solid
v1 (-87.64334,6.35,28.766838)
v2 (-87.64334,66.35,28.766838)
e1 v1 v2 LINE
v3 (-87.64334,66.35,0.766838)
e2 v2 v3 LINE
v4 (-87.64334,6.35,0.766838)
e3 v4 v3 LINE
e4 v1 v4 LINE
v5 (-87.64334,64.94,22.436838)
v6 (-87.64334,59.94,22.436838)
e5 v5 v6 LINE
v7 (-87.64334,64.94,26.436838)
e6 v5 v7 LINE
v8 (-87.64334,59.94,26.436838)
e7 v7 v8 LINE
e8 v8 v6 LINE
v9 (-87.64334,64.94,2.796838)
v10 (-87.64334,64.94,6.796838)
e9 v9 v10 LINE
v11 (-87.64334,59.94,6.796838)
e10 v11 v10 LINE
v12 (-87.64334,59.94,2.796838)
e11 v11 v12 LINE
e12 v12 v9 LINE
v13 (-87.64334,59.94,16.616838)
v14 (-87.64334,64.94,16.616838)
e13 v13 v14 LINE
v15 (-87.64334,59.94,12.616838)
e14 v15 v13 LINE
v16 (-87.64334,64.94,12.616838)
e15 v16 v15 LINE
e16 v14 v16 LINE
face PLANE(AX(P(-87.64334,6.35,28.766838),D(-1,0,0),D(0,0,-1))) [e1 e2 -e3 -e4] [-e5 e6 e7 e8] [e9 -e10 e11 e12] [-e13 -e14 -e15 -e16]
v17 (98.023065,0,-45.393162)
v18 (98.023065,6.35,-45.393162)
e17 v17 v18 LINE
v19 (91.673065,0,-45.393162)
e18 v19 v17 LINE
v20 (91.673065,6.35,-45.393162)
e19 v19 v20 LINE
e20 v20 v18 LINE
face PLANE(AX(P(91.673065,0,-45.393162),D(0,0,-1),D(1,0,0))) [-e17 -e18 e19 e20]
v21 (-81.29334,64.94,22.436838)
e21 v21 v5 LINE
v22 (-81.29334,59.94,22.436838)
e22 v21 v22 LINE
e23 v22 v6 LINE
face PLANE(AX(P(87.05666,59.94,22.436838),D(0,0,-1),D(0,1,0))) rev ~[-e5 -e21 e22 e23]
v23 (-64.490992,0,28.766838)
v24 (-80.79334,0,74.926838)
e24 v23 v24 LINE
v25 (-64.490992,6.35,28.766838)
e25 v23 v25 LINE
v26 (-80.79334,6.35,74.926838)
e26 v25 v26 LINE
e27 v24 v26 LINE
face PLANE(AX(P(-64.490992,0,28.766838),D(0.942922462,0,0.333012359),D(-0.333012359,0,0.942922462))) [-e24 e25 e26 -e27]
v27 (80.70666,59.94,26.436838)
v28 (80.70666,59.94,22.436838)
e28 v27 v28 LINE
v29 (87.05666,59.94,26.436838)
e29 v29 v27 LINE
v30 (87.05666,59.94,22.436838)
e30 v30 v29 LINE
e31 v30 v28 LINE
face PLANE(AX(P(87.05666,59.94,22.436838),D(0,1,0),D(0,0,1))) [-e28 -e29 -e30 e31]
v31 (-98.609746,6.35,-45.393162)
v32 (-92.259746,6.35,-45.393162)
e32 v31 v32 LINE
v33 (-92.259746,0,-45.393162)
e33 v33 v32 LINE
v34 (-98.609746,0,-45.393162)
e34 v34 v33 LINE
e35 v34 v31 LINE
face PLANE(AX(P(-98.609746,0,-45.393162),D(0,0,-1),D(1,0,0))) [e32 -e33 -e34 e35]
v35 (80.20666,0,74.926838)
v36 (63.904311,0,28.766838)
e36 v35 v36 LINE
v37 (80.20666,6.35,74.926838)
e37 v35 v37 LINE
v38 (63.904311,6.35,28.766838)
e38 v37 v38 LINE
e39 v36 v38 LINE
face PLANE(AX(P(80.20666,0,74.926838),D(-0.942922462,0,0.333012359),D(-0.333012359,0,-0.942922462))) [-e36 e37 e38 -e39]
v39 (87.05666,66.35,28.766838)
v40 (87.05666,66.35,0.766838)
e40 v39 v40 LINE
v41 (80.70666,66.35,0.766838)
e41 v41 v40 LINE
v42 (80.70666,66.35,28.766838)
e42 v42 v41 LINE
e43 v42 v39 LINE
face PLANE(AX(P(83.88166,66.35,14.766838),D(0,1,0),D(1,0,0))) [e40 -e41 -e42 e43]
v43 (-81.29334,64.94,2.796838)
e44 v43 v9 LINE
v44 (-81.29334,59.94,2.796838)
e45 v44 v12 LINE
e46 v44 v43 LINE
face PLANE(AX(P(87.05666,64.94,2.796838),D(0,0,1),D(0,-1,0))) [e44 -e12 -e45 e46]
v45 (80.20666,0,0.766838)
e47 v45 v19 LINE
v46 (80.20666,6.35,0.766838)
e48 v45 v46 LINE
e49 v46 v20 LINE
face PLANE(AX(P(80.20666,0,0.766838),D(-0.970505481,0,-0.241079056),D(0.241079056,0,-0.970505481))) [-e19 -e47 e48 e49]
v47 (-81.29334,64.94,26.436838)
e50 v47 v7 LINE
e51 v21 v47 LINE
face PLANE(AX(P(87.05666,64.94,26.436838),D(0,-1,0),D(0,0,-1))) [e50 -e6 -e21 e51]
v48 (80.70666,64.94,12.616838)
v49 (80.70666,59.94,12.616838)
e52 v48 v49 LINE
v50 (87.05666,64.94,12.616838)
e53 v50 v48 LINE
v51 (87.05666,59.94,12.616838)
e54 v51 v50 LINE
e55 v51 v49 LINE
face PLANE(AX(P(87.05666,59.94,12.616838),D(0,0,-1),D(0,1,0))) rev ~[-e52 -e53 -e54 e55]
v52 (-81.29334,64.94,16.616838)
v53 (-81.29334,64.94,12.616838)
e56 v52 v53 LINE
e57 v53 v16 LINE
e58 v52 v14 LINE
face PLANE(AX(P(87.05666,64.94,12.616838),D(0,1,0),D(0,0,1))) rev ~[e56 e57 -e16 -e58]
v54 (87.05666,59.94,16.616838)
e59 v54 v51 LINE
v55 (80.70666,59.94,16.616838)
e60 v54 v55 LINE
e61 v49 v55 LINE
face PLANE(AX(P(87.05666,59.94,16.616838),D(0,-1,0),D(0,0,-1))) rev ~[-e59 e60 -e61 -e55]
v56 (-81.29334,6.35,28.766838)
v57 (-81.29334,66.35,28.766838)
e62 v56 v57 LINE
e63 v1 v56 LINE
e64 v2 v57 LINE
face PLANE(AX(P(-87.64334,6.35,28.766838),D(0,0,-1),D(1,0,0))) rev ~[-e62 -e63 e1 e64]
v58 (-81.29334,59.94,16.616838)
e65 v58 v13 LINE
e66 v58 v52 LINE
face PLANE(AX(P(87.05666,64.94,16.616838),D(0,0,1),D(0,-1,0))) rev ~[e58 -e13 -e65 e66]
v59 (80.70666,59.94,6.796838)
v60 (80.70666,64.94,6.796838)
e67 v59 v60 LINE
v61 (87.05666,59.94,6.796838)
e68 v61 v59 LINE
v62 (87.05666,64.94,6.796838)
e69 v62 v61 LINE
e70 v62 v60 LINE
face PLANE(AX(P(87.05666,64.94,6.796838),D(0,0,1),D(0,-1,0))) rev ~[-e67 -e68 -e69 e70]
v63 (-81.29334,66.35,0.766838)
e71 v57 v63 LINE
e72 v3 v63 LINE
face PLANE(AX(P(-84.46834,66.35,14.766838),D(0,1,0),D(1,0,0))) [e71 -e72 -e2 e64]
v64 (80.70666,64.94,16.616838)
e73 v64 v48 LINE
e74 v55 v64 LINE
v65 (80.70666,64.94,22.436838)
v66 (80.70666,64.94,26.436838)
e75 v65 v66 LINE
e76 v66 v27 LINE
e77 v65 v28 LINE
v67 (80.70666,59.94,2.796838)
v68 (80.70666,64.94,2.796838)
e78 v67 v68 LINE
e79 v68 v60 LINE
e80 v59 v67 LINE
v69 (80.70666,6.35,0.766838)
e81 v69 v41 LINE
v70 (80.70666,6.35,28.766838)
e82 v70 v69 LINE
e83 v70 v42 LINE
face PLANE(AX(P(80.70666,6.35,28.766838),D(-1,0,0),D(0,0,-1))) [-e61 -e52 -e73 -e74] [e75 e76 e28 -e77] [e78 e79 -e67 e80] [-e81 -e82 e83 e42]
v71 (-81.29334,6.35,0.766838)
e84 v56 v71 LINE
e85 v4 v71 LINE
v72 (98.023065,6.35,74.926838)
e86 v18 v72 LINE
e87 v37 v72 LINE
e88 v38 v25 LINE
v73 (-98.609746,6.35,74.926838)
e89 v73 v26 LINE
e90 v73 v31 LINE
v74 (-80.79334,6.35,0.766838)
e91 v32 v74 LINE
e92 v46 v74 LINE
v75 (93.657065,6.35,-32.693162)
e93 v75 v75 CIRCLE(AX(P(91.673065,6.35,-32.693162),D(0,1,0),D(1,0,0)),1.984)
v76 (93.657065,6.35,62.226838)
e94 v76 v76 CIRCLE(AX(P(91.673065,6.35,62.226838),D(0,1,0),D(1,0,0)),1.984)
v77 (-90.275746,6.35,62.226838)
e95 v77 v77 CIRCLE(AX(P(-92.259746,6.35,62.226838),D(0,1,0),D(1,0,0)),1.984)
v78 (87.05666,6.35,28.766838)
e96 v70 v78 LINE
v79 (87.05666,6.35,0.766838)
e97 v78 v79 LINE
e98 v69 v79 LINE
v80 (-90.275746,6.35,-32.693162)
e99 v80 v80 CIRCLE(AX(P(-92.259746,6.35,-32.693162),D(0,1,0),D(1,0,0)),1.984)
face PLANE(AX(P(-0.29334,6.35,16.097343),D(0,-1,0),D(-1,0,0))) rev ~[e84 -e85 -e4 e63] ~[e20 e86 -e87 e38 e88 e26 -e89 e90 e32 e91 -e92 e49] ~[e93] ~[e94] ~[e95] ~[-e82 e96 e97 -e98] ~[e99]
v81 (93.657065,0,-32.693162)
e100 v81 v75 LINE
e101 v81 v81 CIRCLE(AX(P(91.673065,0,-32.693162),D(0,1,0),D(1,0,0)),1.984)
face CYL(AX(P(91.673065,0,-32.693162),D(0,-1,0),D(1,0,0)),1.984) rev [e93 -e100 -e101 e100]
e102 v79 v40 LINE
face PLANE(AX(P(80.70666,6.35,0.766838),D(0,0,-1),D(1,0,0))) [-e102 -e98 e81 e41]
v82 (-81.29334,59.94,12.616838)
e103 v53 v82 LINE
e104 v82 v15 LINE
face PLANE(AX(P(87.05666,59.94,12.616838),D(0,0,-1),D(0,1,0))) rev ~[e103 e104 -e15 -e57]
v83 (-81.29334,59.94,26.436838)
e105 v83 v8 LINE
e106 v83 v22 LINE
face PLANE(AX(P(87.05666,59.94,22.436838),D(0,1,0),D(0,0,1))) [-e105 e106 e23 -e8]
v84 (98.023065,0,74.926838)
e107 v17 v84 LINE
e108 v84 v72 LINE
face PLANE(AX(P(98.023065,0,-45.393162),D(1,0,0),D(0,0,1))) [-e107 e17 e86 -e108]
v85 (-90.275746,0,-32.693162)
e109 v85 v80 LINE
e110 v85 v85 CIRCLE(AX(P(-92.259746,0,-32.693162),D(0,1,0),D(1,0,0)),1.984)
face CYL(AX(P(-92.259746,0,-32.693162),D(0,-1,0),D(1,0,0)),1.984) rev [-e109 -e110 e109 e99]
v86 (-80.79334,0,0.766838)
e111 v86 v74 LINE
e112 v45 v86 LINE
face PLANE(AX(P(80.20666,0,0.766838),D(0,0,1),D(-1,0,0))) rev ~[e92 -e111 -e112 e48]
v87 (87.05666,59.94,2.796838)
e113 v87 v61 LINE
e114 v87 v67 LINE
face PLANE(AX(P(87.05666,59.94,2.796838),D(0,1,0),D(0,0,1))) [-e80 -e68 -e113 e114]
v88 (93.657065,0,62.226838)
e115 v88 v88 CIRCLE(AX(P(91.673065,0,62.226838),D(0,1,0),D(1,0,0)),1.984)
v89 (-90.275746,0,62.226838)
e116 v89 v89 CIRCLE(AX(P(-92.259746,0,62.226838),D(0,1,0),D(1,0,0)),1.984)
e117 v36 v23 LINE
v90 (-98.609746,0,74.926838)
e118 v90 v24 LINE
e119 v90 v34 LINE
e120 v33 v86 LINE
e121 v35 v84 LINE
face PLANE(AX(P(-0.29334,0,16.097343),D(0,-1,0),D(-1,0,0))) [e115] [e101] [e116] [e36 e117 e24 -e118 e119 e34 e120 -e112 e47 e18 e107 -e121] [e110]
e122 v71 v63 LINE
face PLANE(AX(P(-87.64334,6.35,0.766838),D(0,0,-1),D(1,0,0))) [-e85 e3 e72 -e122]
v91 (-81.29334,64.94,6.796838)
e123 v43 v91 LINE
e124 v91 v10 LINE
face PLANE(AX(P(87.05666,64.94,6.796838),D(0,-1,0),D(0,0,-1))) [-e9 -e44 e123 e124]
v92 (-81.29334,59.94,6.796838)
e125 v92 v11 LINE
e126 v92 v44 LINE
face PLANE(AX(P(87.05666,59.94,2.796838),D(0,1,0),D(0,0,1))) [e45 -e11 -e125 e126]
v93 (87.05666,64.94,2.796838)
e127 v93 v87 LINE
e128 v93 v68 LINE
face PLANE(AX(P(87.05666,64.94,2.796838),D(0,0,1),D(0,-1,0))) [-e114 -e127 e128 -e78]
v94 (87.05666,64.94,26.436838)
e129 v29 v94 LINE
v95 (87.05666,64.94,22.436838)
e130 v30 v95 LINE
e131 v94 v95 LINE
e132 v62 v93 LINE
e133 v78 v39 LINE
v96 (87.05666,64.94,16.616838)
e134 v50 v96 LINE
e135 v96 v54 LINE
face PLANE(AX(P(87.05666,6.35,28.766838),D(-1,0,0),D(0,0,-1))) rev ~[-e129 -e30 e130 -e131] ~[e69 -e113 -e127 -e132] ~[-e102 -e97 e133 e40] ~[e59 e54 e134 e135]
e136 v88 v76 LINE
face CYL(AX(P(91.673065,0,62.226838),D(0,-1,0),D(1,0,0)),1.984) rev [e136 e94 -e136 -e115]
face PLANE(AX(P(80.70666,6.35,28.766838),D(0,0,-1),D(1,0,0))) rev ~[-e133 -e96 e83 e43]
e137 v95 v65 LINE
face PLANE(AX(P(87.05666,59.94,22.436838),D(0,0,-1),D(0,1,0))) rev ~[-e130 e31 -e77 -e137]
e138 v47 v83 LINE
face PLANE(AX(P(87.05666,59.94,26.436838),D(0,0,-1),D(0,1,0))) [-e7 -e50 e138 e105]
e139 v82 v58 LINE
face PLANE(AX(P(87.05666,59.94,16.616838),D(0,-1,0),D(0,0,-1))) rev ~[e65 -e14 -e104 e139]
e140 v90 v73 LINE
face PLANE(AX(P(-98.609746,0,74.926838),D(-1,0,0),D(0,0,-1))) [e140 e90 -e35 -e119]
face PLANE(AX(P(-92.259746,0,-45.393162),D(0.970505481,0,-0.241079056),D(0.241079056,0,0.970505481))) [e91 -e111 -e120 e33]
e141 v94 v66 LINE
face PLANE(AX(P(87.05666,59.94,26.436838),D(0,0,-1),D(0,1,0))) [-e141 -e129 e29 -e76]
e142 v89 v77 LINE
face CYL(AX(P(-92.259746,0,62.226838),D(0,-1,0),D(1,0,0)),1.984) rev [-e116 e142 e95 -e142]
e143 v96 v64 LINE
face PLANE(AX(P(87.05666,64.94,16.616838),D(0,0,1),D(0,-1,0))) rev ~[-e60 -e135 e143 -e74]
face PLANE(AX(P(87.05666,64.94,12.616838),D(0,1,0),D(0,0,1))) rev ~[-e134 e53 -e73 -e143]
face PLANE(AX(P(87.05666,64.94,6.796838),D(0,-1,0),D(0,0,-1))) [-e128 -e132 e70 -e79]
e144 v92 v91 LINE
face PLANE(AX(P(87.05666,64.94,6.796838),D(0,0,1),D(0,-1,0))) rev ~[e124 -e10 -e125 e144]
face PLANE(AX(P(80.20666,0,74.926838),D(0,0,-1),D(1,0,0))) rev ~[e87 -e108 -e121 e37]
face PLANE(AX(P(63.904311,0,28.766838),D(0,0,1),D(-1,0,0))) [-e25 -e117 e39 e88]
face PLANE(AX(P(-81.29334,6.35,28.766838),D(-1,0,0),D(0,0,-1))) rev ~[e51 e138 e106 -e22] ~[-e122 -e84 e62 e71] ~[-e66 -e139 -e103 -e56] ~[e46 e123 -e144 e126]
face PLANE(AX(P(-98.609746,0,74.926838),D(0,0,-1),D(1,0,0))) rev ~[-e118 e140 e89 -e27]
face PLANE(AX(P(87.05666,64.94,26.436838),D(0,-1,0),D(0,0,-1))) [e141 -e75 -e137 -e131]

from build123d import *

# Parameters (mm, degrees)
SKETCH_1_R          = 1.984
EXTRUDE_1_DEPTH     = 6.35
SKETCH_2_W          = 6.35
SKETCH_2_H          = 28
EXTRUDE_2_DEPTH     = 60
CUT_EXTRUDE_1_DEPTH = 250


with BuildPart() as part:
    # 草图1 → 凸台-拉伸1 (new body)
    with BuildSketch(Plane(origin=(0, 0, 0), x_dir=(1, 0, 0), z_dir=(0, 1, 0))):
        Polygon((98.023064942, -74.926838383), (91.673064942, -74.926838383), (80.206659609, -74.926838383), (63.904311177, -28.766838383), (-64.490991959, -28.766838383), (-80.793340391, -74.926838383), (-92.259745724, -74.926838383), (-98.609745724, -74.926838383), (-98.609745724, 45.393161617), (-92.259745724, 45.393161617), (-80.793340391, -0.766838383), (-64.490991959, -0.766838383), (63.904311177, -0.766838383), (80.206659609, -0.766838383), (91.673064942, 45.393161617), (98.023064942, 45.393161617), align=None)
        with Locations((91.673064942, -62.226838383)):
            Circle(SKETCH_1_R, mode=Mode.SUBTRACT)
        with Locations((91.673064942, 32.693161617)):
            Circle(SKETCH_1_R, mode=Mode.SUBTRACT)
        with Locations((-92.259745724, -62.226838383)):
            Circle(SKETCH_1_R, mode=Mode.SUBTRACT)
        with Locations((-92.259745724, 32.693161617)):
            Circle(SKETCH_1_R, mode=Mode.SUBTRACT)
    extrude(amount=EXTRUDE_1_DEPTH)

    # 草图2 → 凸台-拉伸2 (add)
    with BuildSketch(Plane(origin=(0, 6.35, 0), x_dir=(1, 0, 0), z_dir=(0, 1, 0))):
        with Locations((-84.468340391, -14.766838383)):
            Rectangle(SKETCH_2_W, SKETCH_2_H)
        with Locations((83.881659609, -14.766838383)):
            Rectangle(SKETCH_2_W, SKETCH_2_H)
    extrude(amount=EXTRUDE_2_DEPTH)

    # 草图3 → 切除-拉伸1 (cut)
    with BuildSketch(Plane(origin=(87.056659609, 0, 0), x_dir=(0, 0, -1), z_dir=(1, 0, 0))):
        Polygon((-22.436838383, 62.44), (-22.436838383, 59.94), (-26.436838383, 59.94), (-26.436838383, 64.94), (-22.436838383, 64.94), align=None)
        Polygon((-16.616838383, 62.44), (-16.616838383, 59.94), (-12.616838383, 59.94), (-12.616838383, 64.94), (-16.616838383, 64.94), align=None)
        Polygon((-6.796838383, 62.44), (-6.796838383, 64.94), (-2.796838383, 64.94), (-2.796838383, 59.94), (-6.796838383, 59.94), align=None)
    extrude(amount=-CUT_EXTRUDE_1_DEPTH, mode=Mode.SUBTRACT)


solid = part.part
